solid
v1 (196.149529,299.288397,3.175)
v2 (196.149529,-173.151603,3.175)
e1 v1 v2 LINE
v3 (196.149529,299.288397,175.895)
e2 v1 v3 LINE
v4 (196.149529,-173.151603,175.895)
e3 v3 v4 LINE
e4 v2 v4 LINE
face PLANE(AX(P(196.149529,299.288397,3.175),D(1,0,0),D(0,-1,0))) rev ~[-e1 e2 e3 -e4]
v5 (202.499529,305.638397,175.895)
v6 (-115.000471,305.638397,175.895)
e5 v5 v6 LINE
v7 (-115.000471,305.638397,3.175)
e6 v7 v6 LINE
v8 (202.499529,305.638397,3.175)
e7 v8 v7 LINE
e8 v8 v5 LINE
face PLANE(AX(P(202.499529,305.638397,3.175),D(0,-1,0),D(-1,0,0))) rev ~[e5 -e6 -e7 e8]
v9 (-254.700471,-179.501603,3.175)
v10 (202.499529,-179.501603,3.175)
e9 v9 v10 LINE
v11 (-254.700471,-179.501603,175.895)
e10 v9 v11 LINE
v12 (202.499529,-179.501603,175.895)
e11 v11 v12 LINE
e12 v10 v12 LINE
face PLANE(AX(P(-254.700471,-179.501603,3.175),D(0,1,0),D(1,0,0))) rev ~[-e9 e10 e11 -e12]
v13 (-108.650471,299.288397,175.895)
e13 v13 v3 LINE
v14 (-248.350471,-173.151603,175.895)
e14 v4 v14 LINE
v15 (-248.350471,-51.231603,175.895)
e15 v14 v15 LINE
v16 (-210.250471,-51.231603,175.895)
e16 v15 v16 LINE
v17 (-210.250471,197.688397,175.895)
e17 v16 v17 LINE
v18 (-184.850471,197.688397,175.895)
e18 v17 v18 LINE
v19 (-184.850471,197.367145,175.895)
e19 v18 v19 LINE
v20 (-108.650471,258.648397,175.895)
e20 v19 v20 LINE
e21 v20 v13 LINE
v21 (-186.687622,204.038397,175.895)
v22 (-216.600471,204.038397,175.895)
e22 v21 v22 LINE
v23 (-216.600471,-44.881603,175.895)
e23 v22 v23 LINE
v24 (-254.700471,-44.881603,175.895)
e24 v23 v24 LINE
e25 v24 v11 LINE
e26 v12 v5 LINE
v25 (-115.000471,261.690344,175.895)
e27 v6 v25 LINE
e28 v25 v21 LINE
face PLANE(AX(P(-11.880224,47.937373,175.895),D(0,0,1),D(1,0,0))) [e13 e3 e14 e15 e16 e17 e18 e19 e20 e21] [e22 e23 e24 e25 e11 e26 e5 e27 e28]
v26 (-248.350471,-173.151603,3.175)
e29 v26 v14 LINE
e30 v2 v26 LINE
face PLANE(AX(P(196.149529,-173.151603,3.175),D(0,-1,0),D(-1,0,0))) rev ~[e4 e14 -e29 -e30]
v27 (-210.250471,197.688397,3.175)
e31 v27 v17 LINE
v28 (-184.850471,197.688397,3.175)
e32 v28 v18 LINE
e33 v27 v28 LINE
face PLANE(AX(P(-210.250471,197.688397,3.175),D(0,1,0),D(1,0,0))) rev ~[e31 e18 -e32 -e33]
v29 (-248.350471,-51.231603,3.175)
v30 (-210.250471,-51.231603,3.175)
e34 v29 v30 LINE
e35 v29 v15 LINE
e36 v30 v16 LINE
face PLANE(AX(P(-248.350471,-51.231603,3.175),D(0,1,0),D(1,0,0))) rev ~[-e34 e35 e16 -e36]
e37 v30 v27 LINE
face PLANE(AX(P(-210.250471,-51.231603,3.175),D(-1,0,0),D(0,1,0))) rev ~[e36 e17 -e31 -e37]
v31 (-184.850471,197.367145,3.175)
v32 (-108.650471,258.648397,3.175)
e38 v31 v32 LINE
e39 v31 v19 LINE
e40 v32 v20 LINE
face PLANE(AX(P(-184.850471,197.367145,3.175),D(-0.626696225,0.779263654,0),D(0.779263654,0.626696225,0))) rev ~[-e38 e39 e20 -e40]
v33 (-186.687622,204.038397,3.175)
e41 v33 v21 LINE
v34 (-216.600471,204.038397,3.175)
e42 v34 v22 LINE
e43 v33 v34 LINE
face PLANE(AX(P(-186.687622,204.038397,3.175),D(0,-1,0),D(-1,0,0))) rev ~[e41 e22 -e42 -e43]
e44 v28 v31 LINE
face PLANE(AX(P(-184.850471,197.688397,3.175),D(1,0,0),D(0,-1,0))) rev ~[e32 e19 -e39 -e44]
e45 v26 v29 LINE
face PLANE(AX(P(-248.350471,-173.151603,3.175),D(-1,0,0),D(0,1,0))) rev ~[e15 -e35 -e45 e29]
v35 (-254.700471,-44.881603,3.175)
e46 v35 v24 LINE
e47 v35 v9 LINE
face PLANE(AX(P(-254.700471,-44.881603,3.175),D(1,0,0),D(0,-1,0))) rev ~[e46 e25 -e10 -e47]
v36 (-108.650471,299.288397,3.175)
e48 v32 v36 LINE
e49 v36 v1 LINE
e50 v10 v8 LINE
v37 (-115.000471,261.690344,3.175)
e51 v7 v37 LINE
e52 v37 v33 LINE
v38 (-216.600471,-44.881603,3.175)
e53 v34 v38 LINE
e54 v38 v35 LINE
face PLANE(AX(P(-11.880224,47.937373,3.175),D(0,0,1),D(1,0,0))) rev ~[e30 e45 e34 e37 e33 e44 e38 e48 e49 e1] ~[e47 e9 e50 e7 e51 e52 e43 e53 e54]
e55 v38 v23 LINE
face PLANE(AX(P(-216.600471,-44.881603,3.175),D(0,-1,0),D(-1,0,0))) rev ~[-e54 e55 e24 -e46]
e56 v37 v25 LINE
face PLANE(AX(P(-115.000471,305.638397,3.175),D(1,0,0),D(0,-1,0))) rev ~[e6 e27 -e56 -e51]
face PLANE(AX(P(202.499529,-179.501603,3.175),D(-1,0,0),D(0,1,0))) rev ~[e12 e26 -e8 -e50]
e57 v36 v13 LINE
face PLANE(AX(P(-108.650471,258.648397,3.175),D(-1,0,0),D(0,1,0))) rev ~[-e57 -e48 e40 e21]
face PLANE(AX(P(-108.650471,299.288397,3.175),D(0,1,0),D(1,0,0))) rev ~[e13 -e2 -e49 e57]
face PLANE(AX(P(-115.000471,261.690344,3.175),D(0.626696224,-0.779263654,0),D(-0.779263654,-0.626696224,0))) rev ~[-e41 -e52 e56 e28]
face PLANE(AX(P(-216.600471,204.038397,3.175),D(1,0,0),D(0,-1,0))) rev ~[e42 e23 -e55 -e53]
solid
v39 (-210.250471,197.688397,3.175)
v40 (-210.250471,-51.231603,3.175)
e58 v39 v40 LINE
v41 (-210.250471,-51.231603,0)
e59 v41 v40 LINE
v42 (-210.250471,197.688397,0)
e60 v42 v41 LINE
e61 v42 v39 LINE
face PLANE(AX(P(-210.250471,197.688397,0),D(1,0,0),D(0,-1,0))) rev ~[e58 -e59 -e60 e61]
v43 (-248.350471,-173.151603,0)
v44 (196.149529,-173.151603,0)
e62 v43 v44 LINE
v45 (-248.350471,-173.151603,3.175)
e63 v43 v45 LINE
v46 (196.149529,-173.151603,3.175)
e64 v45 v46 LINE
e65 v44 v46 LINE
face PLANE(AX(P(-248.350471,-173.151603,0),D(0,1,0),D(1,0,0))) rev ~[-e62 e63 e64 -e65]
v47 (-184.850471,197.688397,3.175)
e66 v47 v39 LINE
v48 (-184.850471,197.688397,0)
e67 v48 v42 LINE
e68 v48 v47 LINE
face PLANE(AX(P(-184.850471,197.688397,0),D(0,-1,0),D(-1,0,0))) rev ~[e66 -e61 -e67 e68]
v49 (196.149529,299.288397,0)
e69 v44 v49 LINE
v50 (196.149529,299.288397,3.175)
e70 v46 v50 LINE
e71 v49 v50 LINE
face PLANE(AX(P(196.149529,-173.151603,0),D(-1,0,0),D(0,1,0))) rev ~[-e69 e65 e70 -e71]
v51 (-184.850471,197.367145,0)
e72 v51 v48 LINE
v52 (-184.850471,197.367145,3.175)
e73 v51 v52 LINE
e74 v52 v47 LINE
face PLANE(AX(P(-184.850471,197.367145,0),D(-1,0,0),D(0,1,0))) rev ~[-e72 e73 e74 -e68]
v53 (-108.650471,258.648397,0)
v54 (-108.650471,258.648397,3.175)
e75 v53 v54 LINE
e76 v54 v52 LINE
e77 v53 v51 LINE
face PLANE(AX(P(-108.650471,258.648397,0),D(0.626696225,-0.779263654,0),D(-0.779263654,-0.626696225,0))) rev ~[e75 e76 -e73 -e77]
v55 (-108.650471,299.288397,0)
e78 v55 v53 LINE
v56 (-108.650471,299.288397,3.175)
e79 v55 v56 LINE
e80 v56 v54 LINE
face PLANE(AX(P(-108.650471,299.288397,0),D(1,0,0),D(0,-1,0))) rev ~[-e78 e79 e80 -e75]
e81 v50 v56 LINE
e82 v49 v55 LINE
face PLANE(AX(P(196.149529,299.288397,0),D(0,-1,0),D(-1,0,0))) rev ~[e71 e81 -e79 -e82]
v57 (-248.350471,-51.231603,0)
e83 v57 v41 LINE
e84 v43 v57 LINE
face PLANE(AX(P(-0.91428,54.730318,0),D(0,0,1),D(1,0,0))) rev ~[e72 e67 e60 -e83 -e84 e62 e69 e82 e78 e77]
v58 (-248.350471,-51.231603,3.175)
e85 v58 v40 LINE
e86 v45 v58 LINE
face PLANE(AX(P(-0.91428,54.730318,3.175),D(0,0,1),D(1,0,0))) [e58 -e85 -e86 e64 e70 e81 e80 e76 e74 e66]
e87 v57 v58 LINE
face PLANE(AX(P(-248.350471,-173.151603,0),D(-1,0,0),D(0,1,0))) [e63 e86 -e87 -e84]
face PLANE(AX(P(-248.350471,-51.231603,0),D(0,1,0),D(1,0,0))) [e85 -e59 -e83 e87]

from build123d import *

# Parameters (mm, degrees)
F0_W     = 38.1
F0_H     = 121.92
F0_W_2   = 12.7
F0_H_2   = 177.8
F1_DEPTH = 3.175
F3_DEPTH = 172.72


with BuildPart() as f1:
    # F0 (on Top) → F1 (new body)
    with BuildSketch(Plane.XY):
        Polygon((-210.250471, -173.151603), (196.149529, -173.151603), (196.149529, 299.288397), (-108.650471, 299.288397), (-108.650471, 258.648397), (-184.850471, 197.367145), (-184.850471, 197.688397), (-210.250471, 197.688397), (-210.250471, 149.273349), (-197.550471, 149.273349), (-197.550471, -28.526651), (-210.250471, -28.526651), (-210.250471, -51.231603), align=None)
        with Locations((-229.300471, -112.191603)):
            Rectangle(F0_W, F0_H)
        with Locations((-203.900471, 60.373349)):
            Rectangle(F0_W_2, F0_H_2)
    extrude(amount=F1_DEPTH)


with BuildPart() as f3:
    # F2 (on face) → F3 (new body)
    with BuildSketch(Plane.XY.offset(3.175)):
        Polygon((202.499529, 305.638397), (-115.000471, 305.638397), (-115.000471, 261.690344), (-186.687622, 204.038397), (-216.600471, 204.038397), (-216.600471, -44.881603), (-254.700471, -44.881603), (-254.700471, -179.501603), (202.499529, -179.501603), align=None)
        Polygon((-210.250471, -51.231603), (-210.250471, -31.194258), (-210.250471, 172.288397), (-210.250471, 197.688397), (-184.850471, 197.688397), (-184.850471, 197.367145), (-108.650471, 258.648397), (-108.650471, 299.288397), (196.149529, 299.288397), (196.149529, -173.151603), (-248.350471, -173.151603), (-248.350471, -51.231603), align=None, mode=Mode.SUBTRACT)
    extrude(amount=F3_DEPTH)


solid = Compound([f1.part, f3.part])
